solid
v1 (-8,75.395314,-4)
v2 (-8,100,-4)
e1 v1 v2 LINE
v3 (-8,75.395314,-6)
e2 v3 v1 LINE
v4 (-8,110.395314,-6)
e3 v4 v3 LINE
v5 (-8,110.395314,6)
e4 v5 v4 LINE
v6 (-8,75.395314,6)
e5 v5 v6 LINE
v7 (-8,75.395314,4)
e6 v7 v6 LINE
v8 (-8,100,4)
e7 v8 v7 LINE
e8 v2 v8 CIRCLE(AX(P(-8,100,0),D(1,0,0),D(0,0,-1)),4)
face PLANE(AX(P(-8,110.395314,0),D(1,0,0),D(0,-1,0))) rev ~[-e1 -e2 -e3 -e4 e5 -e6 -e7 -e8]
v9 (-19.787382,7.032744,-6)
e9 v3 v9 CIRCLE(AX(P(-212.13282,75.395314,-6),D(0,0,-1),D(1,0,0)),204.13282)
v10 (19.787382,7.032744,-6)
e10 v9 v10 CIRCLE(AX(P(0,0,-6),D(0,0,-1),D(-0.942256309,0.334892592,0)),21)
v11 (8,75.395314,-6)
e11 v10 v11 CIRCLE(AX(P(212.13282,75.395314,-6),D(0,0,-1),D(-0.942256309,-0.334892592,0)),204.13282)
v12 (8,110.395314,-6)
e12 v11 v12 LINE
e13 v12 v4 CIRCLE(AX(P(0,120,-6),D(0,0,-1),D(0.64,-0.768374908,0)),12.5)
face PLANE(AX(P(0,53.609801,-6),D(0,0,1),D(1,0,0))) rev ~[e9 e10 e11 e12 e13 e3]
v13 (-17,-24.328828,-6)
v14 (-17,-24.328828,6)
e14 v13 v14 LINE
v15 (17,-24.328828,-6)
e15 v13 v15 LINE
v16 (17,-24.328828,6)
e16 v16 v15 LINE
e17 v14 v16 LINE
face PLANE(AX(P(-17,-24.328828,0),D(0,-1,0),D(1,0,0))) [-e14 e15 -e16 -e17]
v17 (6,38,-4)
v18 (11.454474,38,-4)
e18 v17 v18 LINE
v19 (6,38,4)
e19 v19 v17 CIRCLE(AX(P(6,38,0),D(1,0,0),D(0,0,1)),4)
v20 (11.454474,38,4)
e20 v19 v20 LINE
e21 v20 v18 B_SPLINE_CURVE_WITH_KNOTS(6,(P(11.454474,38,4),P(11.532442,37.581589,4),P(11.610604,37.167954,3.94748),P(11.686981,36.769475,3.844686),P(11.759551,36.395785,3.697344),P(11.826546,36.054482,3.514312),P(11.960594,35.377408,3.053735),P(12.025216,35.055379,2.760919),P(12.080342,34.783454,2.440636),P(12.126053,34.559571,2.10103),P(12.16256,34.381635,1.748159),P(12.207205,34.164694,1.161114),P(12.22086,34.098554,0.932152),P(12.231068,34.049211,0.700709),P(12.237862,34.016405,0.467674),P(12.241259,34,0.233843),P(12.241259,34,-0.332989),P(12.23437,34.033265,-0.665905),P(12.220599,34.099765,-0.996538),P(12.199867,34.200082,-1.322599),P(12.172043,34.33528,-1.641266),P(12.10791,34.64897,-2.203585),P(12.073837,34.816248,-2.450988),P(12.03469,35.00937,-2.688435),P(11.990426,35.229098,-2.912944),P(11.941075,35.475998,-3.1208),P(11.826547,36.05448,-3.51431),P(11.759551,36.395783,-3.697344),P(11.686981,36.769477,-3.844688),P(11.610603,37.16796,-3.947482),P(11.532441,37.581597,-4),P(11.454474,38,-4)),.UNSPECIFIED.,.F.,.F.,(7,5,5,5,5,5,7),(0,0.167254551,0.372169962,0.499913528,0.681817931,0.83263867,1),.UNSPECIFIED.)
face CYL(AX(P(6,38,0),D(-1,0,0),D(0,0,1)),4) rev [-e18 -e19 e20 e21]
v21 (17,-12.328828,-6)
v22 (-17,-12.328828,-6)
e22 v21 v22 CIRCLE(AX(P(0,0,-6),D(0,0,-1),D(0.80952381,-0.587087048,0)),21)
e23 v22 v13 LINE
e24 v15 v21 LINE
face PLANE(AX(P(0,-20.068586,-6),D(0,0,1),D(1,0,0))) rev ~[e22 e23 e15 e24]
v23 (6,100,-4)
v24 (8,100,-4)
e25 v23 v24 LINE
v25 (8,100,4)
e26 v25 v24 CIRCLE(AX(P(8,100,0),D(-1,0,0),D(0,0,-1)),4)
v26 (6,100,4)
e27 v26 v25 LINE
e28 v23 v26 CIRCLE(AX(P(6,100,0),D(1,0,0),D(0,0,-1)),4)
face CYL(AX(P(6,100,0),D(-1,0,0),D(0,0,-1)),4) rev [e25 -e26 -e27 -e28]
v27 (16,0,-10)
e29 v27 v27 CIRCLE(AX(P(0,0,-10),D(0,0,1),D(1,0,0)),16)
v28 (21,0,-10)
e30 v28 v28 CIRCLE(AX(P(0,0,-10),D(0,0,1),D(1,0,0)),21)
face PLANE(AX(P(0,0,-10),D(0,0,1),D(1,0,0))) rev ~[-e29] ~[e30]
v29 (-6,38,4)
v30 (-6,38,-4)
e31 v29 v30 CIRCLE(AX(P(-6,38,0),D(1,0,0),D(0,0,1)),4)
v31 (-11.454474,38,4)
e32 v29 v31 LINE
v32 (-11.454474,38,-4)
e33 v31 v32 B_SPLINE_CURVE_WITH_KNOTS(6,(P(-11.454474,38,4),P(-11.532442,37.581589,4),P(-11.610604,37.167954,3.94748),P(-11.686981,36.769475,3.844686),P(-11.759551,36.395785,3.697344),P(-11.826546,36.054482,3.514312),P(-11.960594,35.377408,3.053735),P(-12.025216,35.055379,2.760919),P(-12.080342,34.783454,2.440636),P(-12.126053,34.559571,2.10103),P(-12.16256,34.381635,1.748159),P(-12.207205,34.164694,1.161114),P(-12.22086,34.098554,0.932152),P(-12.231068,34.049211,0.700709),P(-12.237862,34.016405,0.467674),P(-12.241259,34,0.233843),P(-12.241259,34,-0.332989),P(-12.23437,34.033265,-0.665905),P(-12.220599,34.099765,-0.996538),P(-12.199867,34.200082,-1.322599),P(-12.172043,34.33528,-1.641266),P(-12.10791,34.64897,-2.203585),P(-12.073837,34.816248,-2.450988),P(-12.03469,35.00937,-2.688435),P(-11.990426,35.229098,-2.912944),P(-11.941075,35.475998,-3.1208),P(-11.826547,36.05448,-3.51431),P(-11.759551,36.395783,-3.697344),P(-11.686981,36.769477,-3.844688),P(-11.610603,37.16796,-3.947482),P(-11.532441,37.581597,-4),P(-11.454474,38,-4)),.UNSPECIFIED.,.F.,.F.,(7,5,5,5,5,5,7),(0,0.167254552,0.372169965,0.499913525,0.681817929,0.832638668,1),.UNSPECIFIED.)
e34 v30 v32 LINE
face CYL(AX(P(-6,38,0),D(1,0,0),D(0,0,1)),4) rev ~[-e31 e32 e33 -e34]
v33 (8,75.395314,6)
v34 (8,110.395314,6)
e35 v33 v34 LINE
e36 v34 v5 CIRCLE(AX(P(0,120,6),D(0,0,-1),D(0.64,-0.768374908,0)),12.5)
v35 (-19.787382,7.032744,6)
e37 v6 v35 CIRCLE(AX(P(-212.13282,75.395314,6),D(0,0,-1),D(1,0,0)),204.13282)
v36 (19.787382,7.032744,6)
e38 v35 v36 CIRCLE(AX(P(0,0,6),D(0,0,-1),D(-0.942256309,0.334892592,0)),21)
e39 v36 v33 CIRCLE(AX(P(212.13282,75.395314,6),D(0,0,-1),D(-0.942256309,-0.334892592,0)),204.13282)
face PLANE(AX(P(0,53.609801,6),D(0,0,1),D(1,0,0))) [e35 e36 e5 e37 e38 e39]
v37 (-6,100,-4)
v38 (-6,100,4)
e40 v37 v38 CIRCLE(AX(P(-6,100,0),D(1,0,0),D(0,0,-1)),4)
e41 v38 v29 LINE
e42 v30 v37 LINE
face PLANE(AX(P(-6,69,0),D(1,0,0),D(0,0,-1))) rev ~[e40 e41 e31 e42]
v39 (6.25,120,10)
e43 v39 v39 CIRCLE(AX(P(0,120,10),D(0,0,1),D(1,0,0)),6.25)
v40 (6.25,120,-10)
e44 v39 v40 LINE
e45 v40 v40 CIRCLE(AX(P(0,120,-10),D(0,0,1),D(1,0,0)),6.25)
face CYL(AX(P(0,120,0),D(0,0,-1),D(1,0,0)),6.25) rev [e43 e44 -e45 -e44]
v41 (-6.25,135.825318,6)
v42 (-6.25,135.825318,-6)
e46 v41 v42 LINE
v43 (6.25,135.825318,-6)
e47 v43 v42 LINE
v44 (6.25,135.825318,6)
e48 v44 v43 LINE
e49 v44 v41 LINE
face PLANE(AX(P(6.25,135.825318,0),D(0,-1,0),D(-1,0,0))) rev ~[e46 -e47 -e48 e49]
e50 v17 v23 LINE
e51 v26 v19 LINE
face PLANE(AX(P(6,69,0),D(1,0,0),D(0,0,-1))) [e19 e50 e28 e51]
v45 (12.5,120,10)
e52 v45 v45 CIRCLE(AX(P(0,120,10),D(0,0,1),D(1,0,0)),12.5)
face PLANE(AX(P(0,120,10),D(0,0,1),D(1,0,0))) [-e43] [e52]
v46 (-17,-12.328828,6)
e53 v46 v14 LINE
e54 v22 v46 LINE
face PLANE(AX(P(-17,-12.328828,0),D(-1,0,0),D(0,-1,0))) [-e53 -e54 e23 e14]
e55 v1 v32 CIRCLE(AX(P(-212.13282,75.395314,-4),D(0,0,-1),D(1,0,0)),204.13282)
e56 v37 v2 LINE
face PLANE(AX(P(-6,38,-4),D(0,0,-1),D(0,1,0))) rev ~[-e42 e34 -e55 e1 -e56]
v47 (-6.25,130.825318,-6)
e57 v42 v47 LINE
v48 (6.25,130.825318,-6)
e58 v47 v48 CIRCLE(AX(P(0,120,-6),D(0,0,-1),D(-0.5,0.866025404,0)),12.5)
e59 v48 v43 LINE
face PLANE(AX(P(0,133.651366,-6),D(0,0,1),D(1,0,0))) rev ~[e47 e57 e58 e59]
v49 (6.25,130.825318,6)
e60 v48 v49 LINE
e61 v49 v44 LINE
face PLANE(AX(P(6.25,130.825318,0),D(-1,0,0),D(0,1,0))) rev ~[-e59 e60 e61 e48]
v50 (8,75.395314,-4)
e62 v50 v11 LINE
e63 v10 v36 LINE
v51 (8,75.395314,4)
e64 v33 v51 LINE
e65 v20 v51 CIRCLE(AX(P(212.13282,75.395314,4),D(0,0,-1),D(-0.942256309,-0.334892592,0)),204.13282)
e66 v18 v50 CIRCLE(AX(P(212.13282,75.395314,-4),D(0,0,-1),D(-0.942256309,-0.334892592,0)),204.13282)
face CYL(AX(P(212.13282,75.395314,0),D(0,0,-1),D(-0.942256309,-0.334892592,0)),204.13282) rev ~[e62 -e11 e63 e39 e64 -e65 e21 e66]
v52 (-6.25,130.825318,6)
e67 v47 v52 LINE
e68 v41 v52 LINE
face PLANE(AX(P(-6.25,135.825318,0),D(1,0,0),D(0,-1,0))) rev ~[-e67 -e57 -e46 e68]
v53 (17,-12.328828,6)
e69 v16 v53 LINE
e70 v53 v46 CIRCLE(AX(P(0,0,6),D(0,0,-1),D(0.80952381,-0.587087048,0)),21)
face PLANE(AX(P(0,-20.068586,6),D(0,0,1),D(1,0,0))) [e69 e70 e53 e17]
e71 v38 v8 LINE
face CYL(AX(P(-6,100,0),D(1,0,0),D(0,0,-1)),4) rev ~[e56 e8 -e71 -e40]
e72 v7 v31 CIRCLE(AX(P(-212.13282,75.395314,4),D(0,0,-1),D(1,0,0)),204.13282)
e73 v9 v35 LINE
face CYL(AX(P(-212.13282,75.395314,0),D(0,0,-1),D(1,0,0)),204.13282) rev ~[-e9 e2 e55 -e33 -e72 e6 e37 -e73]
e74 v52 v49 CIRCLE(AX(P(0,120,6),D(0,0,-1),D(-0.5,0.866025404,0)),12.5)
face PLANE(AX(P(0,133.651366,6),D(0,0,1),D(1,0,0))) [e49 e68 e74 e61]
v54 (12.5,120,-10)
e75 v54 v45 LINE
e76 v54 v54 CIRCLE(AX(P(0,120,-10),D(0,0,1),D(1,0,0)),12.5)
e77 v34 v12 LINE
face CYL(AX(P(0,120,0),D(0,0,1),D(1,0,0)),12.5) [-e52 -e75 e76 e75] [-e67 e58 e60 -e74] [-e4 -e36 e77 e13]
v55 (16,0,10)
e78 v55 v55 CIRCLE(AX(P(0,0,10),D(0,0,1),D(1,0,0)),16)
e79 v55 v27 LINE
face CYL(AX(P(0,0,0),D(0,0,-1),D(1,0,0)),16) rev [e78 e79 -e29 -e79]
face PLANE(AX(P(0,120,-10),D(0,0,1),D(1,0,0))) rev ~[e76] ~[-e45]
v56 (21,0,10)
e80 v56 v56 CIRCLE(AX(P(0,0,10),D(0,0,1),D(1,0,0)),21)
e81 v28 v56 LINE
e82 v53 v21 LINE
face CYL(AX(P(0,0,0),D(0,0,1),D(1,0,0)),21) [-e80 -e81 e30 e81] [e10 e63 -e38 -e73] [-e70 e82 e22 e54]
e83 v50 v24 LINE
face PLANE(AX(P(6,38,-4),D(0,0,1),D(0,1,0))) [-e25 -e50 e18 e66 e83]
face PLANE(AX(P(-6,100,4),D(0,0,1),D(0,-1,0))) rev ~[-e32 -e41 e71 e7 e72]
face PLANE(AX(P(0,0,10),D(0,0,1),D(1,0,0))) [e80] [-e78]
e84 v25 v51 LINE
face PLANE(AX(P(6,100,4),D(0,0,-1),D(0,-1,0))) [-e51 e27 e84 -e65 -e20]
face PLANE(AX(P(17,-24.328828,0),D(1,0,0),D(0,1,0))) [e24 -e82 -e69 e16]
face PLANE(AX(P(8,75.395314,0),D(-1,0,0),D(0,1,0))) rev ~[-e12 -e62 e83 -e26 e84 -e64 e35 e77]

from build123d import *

# Parameters (mm, degrees)
SKETCH1_R             = 21
SKETCH1_R_2           = 16
BOSS_EXTRUDE2_DEPTH   = 10
SKETCH1_R_3           = 12.5
SKETCH1_R_4           = 6.25
BOSS_EXTRUDE2_2_DEPTH = 10
BOSS_EXTRUDE3_DEPTH   = 6
CUT_EXTRUDE3_START    = -6
CUT_EXTRUDE3_DEPTH    = 16
CUT_EXTRUDE4_START    = 6
CUT_EXTRUDE4_DEPTH    = 16


with BuildPart() as part:
    # Sketch1 → Boss-Extrude2 (new body, symmetric)
    with BuildSketch(Plane.XY):
        Circle(SKETCH1_R)
        Circle(SKETCH1_R_2, mode=Mode.SUBTRACT)
    extrude(amount=BOSS_EXTRUDE2_DEPTH, both=True)



with BuildPart() as body_2:
    # Sketch1 → Boss-Extrude2 2 (new body, symmetric)
    with BuildSketch(Plane.XY):
        with Locations((0, 120)):
            Circle(SKETCH1_R_3)
        with Locations((0, 120)):
            Circle(SKETCH1_R_4, mode=Mode.SUBTRACT)
    extrude(amount=BOSS_EXTRUDE2_2_DEPTH, both=True)


with BuildPart() as part_1:
    add(part.part)

    add(body_2.part)  # Boss-Extrude3 merges body 2
    # Sketch1_4 → Boss-Extrude3 (add, symmetric)
    with BuildSketch(Plane.XY):
        with BuildLine():
            Line((-8, 110.395313644), (-8, 75.395313644))
            ThreePointArc((-8, 75.395313644), (-10.96842855, 40.709642053), (-19.787382488, 7.032744434))
            ThreePointArc((-19.787382488, 7.032744434), (0, 21), (19.787382488, 7.032744434))
            ThreePointArc((19.787382488, 7.032744434), (10.96842855, 40.709642053), (8, 75.395313644))
            Line((8, 75.395313644), (8, 110.395313644))
            ThreePointArc((8, 110.395313644), (0, 107.5), (-8, 110.395313644))
        make_face()
        with BuildLine():
            Line((-6.25, 135.825317547), (-6.25, 130.825317547))
            ThreePointArc((-6.25, 130.825317547), (0, 132.5), (6.25, 130.825317547))
            Line((6.25, 130.825317547), (6.25, 135.825317547))
            Line((6.25, 135.825317547), (-6.25, 135.825317547))
        make_face()
        with BuildLine():
            ThreePointArc((17, -12.328828006), (0, -21), (-17, -12.328828006))
            Line((-17, -12.328828006), (-17, -24.328828006))
            Line((-17, -24.328828006), (17, -24.328828006))
            Line((17, -24.328828006), (17, -12.328828006))
        make_face()
    extrude(amount=BOSS_EXTRUDE3_DEPTH, both=True)

    # Sketch4 → Cut-Extrude3 (cut, through all)
    with BuildSketch(Plane(origin=(0, 0, 0), x_dir=(0, 0, -1), z_dir=(1, 0, 0)).offset(CUT_EXTRUDE3_START)):
        with BuildLine():
            Line((4, 38), (4, 100))
            ThreePointArc((4, 100), (0, 104), (-4, 100))
            Line((-4, 100), (-4, 38))
            ThreePointArc((-4, 38), (0, 34), (4, 38))
        make_face()
    extrude(amount=-CUT_EXTRUDE3_DEPTH, mode=Mode.SUBTRACT)

    # Sketch4_2 → Cut-Extrude4 (cut, through all)
    with BuildSketch(Plane(origin=(0, 0, 0), x_dir=(0, 0, -1), z_dir=(1, 0, 0)).offset(CUT_EXTRUDE4_START)):
        with BuildLine():
            Line((4, 38), (4, 100))
            ThreePointArc((4, 100), (0, 104), (-4, 100))
            Line((-4, 100), (-4, 38))
            ThreePointArc((-4, 38), (0, 34), (4, 38))
        make_face()
    extrude(amount=CUT_EXTRUDE4_DEPTH, mode=Mode.SUBTRACT)


solid = part_1.part
